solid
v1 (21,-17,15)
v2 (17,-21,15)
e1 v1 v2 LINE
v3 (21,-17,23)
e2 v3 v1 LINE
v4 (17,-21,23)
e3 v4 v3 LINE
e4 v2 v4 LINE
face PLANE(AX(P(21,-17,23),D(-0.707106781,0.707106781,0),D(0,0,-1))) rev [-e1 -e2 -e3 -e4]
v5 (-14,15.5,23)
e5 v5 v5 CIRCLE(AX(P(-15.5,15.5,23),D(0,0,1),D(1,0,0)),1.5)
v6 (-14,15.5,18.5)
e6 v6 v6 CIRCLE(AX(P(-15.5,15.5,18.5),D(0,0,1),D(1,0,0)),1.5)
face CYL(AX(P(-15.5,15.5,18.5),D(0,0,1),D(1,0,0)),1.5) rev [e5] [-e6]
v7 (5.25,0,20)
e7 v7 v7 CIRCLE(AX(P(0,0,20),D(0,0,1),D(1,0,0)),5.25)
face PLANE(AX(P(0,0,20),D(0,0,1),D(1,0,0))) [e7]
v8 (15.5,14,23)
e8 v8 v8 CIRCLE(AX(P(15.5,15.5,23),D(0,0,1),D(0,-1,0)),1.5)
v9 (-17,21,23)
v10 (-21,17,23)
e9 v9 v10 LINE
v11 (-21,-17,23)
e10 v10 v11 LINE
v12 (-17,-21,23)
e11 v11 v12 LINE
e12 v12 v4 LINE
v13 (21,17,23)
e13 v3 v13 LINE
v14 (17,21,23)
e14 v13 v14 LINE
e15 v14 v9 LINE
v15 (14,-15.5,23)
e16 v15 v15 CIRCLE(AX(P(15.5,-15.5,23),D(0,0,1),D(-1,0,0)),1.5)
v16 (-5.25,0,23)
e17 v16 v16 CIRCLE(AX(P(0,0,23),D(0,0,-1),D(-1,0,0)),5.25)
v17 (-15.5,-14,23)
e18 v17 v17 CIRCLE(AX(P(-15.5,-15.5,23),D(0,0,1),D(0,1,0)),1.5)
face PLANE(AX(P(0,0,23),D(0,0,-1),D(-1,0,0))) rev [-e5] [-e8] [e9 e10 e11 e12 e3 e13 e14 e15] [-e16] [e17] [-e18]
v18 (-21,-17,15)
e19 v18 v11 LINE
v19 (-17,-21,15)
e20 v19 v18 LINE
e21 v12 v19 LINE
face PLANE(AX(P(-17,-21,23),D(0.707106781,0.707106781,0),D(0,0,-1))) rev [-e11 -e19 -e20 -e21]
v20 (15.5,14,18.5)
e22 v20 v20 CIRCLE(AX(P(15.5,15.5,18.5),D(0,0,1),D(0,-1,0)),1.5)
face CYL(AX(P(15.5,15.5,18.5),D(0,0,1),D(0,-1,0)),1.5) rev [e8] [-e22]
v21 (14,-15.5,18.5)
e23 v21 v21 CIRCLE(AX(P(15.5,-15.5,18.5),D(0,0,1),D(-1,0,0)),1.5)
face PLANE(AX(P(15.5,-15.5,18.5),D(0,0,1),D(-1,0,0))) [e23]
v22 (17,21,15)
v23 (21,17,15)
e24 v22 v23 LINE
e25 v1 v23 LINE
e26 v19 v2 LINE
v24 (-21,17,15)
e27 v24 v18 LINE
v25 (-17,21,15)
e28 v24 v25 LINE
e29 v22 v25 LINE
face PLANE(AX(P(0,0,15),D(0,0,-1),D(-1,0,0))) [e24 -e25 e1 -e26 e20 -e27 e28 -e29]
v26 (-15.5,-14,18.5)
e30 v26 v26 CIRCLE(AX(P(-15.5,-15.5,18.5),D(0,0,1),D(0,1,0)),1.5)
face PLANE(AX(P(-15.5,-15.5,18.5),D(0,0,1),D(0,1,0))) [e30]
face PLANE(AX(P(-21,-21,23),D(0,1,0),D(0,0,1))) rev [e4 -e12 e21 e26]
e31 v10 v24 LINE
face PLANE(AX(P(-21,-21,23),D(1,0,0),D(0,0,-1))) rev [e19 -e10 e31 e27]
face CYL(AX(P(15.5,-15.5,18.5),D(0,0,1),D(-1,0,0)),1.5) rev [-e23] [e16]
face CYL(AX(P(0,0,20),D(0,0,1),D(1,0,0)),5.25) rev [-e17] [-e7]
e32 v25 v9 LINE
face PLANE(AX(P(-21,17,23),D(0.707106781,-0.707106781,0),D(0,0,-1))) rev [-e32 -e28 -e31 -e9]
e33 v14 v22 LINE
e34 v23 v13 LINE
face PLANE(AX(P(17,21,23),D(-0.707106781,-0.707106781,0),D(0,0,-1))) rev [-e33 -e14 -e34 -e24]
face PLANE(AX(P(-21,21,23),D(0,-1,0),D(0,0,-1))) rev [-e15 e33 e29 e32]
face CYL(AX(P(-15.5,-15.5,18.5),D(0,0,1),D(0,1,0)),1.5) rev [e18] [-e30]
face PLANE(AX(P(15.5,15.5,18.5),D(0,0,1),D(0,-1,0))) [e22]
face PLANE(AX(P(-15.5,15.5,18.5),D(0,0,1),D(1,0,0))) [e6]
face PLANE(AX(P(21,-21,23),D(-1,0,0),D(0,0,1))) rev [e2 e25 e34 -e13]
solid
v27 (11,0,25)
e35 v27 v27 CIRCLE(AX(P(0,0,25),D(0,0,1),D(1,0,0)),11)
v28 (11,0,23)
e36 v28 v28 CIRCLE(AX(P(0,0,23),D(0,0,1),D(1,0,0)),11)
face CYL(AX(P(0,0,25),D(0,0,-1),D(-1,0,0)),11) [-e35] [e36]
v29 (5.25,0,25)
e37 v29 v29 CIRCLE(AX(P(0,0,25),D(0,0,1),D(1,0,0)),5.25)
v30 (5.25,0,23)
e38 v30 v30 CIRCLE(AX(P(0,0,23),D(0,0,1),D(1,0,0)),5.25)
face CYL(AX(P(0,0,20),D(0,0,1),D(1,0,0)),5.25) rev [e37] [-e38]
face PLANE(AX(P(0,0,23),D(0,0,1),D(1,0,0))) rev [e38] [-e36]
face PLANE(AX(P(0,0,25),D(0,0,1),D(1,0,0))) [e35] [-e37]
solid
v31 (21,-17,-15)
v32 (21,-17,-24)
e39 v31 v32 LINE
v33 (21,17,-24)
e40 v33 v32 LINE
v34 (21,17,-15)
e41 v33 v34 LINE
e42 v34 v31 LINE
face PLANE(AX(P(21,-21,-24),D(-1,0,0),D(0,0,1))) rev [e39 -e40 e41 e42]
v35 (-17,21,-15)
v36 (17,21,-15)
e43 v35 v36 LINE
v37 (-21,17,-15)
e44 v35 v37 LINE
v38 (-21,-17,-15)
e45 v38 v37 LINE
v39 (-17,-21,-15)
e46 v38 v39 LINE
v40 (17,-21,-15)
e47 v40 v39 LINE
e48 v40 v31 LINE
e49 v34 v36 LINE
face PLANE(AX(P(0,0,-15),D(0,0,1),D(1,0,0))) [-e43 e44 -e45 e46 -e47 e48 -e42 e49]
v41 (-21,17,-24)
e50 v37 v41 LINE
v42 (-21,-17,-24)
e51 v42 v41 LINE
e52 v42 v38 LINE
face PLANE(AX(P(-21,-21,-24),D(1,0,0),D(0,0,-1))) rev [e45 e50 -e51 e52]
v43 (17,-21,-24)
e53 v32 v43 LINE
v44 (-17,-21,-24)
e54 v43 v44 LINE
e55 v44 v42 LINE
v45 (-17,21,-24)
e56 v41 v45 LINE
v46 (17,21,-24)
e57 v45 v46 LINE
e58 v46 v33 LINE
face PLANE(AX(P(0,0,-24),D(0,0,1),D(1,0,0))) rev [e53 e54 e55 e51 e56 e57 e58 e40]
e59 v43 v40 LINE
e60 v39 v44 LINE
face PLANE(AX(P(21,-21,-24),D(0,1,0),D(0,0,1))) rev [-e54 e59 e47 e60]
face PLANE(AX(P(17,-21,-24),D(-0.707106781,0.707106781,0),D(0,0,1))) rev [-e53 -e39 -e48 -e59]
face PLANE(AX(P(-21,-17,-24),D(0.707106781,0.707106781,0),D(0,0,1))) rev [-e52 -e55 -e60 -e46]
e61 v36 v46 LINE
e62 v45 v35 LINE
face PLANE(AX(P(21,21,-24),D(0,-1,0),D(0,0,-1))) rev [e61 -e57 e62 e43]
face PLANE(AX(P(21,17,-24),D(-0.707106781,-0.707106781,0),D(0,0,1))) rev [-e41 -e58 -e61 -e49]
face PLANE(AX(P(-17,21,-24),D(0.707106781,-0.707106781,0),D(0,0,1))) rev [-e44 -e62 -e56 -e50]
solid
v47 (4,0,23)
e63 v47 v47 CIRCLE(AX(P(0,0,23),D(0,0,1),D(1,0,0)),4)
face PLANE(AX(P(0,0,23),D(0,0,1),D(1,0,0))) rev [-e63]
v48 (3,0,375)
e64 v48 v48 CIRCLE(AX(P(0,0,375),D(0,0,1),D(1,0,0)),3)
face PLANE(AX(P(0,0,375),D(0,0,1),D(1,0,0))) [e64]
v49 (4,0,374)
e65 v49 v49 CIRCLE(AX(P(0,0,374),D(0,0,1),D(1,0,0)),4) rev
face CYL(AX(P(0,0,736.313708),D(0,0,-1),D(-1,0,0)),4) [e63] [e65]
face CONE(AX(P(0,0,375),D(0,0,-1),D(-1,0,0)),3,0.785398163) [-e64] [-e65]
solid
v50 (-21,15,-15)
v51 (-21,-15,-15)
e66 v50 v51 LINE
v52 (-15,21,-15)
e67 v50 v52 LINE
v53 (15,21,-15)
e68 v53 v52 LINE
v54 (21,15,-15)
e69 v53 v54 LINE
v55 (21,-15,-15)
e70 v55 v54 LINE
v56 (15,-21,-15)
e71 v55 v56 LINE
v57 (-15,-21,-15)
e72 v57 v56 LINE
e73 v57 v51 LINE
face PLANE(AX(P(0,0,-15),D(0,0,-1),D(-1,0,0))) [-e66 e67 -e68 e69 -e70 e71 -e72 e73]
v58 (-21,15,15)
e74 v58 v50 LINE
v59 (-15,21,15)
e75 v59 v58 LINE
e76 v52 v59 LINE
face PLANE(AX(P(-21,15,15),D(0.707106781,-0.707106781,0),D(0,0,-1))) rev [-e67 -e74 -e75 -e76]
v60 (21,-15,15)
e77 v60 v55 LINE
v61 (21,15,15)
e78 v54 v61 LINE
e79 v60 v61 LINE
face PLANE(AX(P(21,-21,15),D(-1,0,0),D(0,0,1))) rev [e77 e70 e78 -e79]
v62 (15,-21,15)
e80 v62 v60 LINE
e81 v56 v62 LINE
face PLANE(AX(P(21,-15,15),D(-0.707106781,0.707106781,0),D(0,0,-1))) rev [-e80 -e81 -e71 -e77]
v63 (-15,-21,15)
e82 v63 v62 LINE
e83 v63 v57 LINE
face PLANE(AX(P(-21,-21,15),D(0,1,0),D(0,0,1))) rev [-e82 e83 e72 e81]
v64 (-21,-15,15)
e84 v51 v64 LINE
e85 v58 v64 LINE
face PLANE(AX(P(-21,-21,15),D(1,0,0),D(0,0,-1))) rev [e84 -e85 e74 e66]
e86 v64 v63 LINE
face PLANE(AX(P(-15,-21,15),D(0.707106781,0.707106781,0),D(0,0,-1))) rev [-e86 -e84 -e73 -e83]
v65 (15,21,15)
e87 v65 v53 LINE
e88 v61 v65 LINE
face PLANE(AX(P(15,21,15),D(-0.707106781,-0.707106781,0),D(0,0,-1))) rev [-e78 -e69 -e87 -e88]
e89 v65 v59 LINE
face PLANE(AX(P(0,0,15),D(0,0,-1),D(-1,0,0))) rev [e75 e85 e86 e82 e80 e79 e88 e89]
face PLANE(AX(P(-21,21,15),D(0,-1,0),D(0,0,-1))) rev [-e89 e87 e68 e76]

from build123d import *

# Parameters (mm, degrees)
SKETCH_1_W               = 42
SKETCH_1_H               = 42
EXTRUDE_1_DEPTH          = 15
CHAMFER_1_SIZE           = 6
SKETCH_15_W              = 42
SKETCH_15_H              = 42
EXTRUDE_11_DEPTH         = 8
SKETCH_16_W              = 42
SKETCH_16_H              = 42
EXTRUDE_12_DEPTH         = 9
CHAMFER_2_SIZE           = 4
CHAMFER_3_SIZE           = 4
SKETCH_2_R               = 11
EXTRUDE_2_DEPTH          = 2
SKETCH_3_R               = 5.25
CUT_EXTRUDE_1_DEPTH      = 5
SKETCH_6_R               = 4
EXTRUDE_9_DEPTH          = 352
SKETCH_8_R               = 1.5
CUT_EXTRUDE_3_DEPTH      = 4.5
PATTERN_CIRCULAR_1_COUNT = 4
CHAMFER_4_SIZE           = 1


with BuildPart() as part:
    # 草圖1 → 填料-伸長1 (new body, symmetric)
    with BuildSketch(Plane.XY):
        Rectangle(SKETCH_1_W, SKETCH_1_H)
    extrude(amount=EXTRUDE_1_DEPTH, both=True)

    # 導角1
    chamfer_1_edges = [part.edges().sort_by_distance(p)[0] for p in [
        (21, -21, 0),
        (-21, -21, 0),
        (-21, 21, 0),
        (21, 21, 0),
    ]]
    chamfer(chamfer_1_edges, length=CHAMFER_1_SIZE)


with BuildPart() as body_2:
    # 草圖15 → 填料-伸長11 (new body)
    with BuildSketch(Plane.XY.offset(15)):
        Rectangle(SKETCH_15_W, SKETCH_15_H)
    extrude(amount=EXTRUDE_11_DEPTH)

    # 導角2
    chamfer_2_edges = [body_2.edges().sort_by_distance(p)[0] for p in [
        (21, -21, 19),
        (-21, -21, 19),
        (-21, 21, 19),
        (21, 21, 19),
    ]]
    chamfer(chamfer_2_edges, length=CHAMFER_2_SIZE)


with BuildPart() as body_3:
    # 草圖16 → 填料-伸長12 (new body)
    with BuildSketch(Plane(origin=(0, 0, -15), x_dir=(-1, 0, 0), z_dir=(0, 0, -1))):
        Rectangle(SKETCH_16_W, SKETCH_16_H)
    extrude(amount=EXTRUDE_12_DEPTH)

    # 導角3
    chamfer_3_edges = [body_3.edges().sort_by_distance(p)[0] for p in [
        (-21, -21, -19.5),
        (21, -21, -19.5),
        (21, 21, -19.5),
        (-21, 21, -19.5),
    ]]
    chamfer(chamfer_3_edges, length=CHAMFER_3_SIZE)


with BuildPart() as body_4:
    # 草圖2 → 填料-伸長2 (new body)
    with BuildSketch(Plane.XY.offset(23)):
        Circle(SKETCH_2_R)
    extrude(amount=EXTRUDE_2_DEPTH)


with BuildPart() as cut_extrude_1_tool:
    # 草圖3 → 除料-伸長1 (new body)
    with BuildSketch(Plane.XY.offset(25)):
        Circle(SKETCH_3_R)
    extrude(amount=-CUT_EXTRUDE_1_DEPTH)


with BuildPart() as body_2_1:
    add(body_2.part)

    # 除料-伸長1: cut by cut_extrude_1_tool
    add(cut_extrude_1_tool.part, mode=Mode.SUBTRACT)

    # 草圖8 → 除料-伸長3 (cut)
    with BuildSketch(Plane.XY.offset(23)):
        with Locations((-15.5, 15.5)):
            Circle(SKETCH_8_R)
    cut_extrude_3 = extrude(amount=-CUT_EXTRUDE_3_DEPTH, mode=Mode.SUBTRACT)

    # 環狀複製排列1: 除料-伸長3 ×4 about axis
    pattern_circular_1_axis = Axis((0, 0, 0), (0, 0, 1))
    for i in range(1, PATTERN_CIRCULAR_1_COUNT):
        add(cut_extrude_3.rotate(pattern_circular_1_axis, i * 360 / PATTERN_CIRCULAR_1_COUNT), mode=Mode.SUBTRACT)


with BuildPart() as body_4_1:
    add(body_4.part)

    # 除料-伸長1: cut by cut_extrude_1_tool
    add(cut_extrude_1_tool.part, mode=Mode.SUBTRACT)


with BuildPart() as body_5:
    # 草圖6 → 填料-伸長9 (new body)
    with BuildSketch(Plane.XY.offset(23)):
        Circle(SKETCH_6_R)
    extrude(amount=EXTRUDE_9_DEPTH)

    # 導角4
    chamfer_4_edges = [body_5.edges().sort_by_distance(p)[0] for p in [
        (-4, 0, 375),
    ]]
    chamfer(chamfer_4_edges, length=CHAMFER_4_SIZE)


solid = Compound([part.part, body_3.part, body_2_1.part, body_4_1.part, body_5.part])
